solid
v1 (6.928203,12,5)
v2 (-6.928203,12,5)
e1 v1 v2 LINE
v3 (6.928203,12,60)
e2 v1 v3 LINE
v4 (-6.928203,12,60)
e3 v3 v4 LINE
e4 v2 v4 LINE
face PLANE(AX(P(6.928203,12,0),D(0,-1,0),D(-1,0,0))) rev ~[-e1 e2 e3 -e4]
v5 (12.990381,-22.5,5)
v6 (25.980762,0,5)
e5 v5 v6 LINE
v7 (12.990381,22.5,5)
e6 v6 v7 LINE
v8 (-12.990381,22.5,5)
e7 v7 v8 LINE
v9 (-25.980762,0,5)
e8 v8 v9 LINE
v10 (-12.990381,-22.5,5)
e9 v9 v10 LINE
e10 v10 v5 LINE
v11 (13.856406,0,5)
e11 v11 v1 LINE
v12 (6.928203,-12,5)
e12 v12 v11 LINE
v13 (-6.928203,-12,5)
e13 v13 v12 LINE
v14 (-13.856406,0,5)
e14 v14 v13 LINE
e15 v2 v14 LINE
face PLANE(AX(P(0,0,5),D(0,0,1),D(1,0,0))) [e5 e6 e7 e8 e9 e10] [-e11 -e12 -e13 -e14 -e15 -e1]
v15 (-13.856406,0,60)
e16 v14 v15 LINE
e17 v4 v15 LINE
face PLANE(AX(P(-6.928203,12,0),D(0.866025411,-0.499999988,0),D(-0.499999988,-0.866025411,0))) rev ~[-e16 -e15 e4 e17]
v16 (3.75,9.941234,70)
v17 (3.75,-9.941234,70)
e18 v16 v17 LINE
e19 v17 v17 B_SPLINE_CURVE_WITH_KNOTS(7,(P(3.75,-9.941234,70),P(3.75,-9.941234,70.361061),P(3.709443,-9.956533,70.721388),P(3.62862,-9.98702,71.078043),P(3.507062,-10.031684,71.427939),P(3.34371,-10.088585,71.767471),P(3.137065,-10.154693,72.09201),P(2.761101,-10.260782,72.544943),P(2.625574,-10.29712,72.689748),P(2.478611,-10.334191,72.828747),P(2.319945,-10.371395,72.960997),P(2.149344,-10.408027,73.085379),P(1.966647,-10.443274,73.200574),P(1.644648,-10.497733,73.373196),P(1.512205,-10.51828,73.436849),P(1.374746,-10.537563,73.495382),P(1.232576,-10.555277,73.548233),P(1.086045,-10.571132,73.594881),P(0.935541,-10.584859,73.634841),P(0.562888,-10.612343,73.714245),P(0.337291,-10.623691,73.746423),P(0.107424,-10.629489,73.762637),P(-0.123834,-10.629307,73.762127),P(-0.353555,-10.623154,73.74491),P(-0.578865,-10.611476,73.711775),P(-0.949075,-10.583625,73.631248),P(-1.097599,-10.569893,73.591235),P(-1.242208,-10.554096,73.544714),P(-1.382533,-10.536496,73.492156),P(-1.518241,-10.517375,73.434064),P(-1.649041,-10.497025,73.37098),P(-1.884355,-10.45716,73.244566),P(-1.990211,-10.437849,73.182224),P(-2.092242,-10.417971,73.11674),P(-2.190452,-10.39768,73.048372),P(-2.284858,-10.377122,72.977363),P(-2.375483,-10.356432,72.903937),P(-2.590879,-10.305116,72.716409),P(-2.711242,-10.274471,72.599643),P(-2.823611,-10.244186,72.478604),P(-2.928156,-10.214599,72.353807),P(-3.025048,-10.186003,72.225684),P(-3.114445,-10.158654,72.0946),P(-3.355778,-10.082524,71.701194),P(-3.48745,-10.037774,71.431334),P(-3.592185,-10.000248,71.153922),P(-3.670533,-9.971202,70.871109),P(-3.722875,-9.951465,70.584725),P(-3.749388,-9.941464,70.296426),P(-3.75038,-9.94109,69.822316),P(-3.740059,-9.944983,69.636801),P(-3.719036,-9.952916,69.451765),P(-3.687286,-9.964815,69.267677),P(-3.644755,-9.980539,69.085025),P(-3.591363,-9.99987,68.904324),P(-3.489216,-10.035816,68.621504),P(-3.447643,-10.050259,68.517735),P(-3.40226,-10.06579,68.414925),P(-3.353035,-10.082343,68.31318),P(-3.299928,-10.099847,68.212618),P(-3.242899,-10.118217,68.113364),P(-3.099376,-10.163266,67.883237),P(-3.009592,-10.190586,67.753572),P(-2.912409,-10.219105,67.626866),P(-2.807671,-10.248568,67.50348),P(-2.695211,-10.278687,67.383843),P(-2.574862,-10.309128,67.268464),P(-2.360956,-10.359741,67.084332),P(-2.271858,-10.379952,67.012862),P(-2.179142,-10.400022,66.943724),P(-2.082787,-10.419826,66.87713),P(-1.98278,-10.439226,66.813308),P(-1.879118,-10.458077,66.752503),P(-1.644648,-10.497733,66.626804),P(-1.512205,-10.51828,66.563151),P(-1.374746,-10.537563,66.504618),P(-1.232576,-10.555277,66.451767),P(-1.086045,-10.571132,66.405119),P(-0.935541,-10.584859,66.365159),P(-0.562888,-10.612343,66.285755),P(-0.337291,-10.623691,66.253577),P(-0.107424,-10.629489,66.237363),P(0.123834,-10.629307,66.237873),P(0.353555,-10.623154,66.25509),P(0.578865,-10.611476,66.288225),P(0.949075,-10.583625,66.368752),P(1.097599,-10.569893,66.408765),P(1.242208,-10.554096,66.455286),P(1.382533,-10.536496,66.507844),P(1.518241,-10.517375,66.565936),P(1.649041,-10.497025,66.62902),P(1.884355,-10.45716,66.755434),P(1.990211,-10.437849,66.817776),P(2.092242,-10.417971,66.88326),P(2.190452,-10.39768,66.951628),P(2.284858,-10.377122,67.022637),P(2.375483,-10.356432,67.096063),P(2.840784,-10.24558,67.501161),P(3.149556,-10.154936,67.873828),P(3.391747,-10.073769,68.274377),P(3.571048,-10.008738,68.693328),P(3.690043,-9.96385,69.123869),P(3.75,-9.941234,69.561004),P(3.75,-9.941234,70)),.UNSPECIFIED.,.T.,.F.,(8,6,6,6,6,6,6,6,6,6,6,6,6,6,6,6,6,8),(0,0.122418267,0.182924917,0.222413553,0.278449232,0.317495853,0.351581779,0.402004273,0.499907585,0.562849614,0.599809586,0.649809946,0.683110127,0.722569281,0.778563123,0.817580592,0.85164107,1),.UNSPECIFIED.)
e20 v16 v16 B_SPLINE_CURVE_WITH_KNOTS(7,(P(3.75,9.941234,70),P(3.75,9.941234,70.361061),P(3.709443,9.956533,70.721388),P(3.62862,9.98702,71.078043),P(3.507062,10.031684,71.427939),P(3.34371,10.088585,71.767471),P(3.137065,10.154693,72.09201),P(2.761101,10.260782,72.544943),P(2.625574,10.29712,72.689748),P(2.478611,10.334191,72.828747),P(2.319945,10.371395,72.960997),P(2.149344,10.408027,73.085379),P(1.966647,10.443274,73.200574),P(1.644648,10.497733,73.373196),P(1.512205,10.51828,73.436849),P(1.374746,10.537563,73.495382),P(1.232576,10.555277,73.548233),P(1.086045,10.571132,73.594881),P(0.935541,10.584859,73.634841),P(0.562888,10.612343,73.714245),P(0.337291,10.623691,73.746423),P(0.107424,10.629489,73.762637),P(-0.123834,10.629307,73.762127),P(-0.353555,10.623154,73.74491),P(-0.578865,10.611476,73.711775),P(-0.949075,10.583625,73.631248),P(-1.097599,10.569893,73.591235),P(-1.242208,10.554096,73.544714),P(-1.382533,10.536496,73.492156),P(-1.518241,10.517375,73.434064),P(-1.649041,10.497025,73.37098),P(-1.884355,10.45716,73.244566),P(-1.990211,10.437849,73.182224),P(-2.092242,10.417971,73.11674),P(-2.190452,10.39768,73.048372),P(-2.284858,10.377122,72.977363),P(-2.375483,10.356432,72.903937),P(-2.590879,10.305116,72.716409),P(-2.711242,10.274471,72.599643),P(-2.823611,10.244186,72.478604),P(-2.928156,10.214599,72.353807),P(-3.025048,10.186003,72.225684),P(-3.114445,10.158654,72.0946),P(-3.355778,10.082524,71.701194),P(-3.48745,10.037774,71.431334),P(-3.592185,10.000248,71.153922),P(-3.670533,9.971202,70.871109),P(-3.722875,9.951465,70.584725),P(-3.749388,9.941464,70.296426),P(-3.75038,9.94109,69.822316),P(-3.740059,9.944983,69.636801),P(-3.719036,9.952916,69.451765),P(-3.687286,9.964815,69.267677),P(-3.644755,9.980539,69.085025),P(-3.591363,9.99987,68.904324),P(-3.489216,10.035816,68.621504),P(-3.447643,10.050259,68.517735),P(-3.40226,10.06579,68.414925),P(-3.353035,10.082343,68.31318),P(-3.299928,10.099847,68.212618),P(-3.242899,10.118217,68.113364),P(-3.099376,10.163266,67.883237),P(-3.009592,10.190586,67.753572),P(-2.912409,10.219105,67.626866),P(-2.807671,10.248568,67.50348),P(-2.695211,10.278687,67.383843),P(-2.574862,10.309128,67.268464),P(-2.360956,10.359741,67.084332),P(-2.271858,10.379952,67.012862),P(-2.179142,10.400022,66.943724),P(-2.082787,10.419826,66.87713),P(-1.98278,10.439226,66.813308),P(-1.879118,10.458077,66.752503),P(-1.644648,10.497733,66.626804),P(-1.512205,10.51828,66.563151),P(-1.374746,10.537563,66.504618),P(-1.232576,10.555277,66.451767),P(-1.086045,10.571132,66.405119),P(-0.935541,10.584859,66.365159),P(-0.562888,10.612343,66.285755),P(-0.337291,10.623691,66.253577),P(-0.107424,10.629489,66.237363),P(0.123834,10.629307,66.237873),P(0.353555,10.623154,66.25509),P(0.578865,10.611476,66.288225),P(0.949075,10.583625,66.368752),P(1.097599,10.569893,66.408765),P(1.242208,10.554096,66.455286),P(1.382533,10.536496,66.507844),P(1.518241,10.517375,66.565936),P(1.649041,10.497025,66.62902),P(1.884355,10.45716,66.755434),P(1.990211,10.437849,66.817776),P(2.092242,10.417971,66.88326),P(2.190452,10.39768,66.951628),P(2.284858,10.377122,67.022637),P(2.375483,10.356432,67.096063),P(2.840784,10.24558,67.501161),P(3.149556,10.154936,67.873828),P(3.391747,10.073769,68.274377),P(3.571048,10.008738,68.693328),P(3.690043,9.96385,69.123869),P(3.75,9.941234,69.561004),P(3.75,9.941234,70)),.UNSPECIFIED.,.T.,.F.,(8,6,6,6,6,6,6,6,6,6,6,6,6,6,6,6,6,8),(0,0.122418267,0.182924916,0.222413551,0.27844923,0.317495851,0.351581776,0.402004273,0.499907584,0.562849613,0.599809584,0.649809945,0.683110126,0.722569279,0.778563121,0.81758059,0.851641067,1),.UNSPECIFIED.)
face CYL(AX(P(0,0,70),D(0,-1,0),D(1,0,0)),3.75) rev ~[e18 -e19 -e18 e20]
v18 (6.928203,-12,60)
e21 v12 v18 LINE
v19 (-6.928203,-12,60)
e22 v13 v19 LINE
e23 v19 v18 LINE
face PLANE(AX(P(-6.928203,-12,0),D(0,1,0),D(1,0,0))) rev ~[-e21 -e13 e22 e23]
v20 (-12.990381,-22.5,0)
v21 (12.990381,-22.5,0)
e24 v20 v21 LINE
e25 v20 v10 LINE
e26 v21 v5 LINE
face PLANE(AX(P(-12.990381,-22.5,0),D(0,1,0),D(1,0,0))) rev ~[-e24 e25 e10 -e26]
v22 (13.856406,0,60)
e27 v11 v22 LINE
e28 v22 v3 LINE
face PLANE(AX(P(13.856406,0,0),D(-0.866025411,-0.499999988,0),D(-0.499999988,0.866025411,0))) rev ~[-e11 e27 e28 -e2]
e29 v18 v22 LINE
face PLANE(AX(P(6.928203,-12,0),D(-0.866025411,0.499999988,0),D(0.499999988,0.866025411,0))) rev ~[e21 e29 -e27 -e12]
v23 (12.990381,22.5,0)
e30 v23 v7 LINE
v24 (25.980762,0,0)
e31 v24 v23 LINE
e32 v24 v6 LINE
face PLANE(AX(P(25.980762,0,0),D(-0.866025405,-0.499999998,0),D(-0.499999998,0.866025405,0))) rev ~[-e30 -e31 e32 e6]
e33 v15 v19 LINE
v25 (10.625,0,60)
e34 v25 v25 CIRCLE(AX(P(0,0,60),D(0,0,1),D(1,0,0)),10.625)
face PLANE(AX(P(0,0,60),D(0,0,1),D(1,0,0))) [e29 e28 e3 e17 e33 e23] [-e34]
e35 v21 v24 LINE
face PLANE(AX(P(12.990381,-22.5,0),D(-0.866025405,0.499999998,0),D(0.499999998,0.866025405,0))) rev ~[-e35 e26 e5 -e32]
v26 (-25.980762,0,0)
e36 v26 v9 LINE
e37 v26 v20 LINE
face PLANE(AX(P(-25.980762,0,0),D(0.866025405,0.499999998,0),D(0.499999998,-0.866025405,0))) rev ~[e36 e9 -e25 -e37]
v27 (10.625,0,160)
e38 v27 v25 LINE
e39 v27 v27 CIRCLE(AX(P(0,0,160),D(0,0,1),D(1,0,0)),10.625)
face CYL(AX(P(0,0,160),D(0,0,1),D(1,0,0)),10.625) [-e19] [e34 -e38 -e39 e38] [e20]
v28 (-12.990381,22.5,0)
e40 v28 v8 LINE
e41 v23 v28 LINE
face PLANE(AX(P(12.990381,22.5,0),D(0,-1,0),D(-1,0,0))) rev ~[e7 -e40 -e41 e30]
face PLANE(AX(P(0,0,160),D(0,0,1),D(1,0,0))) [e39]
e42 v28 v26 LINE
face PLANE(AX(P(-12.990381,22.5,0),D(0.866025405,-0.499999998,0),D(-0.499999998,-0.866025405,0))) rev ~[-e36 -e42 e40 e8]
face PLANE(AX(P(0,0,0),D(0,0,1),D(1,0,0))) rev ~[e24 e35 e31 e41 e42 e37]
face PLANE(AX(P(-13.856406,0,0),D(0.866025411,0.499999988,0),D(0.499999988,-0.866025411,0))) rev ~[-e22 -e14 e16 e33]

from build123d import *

# Parameters (mm, degrees)
F1_DEPTH = 160
F3_DEPTH = 5
F4_R     = 10.625
F5_DEPTH = 100
F6_R     = 3.75
F7_DEPTH = 50


with BuildPart() as f1:
    # F0 (on Top) → F1 (new body)
    with BuildSketch(Plane.XY):
        Polygon((6.928203, 12), (-6.928203, 12), (-13.856406, 0), (-6.928203, -12), (6.928203, -12), (13.856406, 0), align=None)
    extrude(amount=F1_DEPTH)

    # F2 (on Top) → F3 (join)
    with BuildSketch(Plane.XY):
        Polygon((-12.990381, -22.5), (12.990381, -22.5), (25.980762, 0), (12.990381, 22.5), (-12.990381, 22.5), (-25.980762, 0), align=None)
    extrude(amount=F3_DEPTH)

    # F4 (on face) → F5 (cut)
    with BuildSketch(Plane.XY.offset(160)):
        Polygon((6.928203, 12), (-6.928203, 12), (-13.856406, 0), (-6.928203, -12), (6.928203, -12), (13.856406, 0), align=None)
        Circle(F4_R, mode=Mode.SUBTRACT)
    extrude(amount=-F5_DEPTH, mode=Mode.SUBTRACT)

    # F6 (on Front) → F7 (cut, symmetric)
    with BuildSketch(Plane.XZ):
        with Locations((0, 70)):
            Circle(F6_R)
    extrude(amount=F7_DEPTH, both=True, mode=Mode.SUBTRACT)


solid = f1.part
